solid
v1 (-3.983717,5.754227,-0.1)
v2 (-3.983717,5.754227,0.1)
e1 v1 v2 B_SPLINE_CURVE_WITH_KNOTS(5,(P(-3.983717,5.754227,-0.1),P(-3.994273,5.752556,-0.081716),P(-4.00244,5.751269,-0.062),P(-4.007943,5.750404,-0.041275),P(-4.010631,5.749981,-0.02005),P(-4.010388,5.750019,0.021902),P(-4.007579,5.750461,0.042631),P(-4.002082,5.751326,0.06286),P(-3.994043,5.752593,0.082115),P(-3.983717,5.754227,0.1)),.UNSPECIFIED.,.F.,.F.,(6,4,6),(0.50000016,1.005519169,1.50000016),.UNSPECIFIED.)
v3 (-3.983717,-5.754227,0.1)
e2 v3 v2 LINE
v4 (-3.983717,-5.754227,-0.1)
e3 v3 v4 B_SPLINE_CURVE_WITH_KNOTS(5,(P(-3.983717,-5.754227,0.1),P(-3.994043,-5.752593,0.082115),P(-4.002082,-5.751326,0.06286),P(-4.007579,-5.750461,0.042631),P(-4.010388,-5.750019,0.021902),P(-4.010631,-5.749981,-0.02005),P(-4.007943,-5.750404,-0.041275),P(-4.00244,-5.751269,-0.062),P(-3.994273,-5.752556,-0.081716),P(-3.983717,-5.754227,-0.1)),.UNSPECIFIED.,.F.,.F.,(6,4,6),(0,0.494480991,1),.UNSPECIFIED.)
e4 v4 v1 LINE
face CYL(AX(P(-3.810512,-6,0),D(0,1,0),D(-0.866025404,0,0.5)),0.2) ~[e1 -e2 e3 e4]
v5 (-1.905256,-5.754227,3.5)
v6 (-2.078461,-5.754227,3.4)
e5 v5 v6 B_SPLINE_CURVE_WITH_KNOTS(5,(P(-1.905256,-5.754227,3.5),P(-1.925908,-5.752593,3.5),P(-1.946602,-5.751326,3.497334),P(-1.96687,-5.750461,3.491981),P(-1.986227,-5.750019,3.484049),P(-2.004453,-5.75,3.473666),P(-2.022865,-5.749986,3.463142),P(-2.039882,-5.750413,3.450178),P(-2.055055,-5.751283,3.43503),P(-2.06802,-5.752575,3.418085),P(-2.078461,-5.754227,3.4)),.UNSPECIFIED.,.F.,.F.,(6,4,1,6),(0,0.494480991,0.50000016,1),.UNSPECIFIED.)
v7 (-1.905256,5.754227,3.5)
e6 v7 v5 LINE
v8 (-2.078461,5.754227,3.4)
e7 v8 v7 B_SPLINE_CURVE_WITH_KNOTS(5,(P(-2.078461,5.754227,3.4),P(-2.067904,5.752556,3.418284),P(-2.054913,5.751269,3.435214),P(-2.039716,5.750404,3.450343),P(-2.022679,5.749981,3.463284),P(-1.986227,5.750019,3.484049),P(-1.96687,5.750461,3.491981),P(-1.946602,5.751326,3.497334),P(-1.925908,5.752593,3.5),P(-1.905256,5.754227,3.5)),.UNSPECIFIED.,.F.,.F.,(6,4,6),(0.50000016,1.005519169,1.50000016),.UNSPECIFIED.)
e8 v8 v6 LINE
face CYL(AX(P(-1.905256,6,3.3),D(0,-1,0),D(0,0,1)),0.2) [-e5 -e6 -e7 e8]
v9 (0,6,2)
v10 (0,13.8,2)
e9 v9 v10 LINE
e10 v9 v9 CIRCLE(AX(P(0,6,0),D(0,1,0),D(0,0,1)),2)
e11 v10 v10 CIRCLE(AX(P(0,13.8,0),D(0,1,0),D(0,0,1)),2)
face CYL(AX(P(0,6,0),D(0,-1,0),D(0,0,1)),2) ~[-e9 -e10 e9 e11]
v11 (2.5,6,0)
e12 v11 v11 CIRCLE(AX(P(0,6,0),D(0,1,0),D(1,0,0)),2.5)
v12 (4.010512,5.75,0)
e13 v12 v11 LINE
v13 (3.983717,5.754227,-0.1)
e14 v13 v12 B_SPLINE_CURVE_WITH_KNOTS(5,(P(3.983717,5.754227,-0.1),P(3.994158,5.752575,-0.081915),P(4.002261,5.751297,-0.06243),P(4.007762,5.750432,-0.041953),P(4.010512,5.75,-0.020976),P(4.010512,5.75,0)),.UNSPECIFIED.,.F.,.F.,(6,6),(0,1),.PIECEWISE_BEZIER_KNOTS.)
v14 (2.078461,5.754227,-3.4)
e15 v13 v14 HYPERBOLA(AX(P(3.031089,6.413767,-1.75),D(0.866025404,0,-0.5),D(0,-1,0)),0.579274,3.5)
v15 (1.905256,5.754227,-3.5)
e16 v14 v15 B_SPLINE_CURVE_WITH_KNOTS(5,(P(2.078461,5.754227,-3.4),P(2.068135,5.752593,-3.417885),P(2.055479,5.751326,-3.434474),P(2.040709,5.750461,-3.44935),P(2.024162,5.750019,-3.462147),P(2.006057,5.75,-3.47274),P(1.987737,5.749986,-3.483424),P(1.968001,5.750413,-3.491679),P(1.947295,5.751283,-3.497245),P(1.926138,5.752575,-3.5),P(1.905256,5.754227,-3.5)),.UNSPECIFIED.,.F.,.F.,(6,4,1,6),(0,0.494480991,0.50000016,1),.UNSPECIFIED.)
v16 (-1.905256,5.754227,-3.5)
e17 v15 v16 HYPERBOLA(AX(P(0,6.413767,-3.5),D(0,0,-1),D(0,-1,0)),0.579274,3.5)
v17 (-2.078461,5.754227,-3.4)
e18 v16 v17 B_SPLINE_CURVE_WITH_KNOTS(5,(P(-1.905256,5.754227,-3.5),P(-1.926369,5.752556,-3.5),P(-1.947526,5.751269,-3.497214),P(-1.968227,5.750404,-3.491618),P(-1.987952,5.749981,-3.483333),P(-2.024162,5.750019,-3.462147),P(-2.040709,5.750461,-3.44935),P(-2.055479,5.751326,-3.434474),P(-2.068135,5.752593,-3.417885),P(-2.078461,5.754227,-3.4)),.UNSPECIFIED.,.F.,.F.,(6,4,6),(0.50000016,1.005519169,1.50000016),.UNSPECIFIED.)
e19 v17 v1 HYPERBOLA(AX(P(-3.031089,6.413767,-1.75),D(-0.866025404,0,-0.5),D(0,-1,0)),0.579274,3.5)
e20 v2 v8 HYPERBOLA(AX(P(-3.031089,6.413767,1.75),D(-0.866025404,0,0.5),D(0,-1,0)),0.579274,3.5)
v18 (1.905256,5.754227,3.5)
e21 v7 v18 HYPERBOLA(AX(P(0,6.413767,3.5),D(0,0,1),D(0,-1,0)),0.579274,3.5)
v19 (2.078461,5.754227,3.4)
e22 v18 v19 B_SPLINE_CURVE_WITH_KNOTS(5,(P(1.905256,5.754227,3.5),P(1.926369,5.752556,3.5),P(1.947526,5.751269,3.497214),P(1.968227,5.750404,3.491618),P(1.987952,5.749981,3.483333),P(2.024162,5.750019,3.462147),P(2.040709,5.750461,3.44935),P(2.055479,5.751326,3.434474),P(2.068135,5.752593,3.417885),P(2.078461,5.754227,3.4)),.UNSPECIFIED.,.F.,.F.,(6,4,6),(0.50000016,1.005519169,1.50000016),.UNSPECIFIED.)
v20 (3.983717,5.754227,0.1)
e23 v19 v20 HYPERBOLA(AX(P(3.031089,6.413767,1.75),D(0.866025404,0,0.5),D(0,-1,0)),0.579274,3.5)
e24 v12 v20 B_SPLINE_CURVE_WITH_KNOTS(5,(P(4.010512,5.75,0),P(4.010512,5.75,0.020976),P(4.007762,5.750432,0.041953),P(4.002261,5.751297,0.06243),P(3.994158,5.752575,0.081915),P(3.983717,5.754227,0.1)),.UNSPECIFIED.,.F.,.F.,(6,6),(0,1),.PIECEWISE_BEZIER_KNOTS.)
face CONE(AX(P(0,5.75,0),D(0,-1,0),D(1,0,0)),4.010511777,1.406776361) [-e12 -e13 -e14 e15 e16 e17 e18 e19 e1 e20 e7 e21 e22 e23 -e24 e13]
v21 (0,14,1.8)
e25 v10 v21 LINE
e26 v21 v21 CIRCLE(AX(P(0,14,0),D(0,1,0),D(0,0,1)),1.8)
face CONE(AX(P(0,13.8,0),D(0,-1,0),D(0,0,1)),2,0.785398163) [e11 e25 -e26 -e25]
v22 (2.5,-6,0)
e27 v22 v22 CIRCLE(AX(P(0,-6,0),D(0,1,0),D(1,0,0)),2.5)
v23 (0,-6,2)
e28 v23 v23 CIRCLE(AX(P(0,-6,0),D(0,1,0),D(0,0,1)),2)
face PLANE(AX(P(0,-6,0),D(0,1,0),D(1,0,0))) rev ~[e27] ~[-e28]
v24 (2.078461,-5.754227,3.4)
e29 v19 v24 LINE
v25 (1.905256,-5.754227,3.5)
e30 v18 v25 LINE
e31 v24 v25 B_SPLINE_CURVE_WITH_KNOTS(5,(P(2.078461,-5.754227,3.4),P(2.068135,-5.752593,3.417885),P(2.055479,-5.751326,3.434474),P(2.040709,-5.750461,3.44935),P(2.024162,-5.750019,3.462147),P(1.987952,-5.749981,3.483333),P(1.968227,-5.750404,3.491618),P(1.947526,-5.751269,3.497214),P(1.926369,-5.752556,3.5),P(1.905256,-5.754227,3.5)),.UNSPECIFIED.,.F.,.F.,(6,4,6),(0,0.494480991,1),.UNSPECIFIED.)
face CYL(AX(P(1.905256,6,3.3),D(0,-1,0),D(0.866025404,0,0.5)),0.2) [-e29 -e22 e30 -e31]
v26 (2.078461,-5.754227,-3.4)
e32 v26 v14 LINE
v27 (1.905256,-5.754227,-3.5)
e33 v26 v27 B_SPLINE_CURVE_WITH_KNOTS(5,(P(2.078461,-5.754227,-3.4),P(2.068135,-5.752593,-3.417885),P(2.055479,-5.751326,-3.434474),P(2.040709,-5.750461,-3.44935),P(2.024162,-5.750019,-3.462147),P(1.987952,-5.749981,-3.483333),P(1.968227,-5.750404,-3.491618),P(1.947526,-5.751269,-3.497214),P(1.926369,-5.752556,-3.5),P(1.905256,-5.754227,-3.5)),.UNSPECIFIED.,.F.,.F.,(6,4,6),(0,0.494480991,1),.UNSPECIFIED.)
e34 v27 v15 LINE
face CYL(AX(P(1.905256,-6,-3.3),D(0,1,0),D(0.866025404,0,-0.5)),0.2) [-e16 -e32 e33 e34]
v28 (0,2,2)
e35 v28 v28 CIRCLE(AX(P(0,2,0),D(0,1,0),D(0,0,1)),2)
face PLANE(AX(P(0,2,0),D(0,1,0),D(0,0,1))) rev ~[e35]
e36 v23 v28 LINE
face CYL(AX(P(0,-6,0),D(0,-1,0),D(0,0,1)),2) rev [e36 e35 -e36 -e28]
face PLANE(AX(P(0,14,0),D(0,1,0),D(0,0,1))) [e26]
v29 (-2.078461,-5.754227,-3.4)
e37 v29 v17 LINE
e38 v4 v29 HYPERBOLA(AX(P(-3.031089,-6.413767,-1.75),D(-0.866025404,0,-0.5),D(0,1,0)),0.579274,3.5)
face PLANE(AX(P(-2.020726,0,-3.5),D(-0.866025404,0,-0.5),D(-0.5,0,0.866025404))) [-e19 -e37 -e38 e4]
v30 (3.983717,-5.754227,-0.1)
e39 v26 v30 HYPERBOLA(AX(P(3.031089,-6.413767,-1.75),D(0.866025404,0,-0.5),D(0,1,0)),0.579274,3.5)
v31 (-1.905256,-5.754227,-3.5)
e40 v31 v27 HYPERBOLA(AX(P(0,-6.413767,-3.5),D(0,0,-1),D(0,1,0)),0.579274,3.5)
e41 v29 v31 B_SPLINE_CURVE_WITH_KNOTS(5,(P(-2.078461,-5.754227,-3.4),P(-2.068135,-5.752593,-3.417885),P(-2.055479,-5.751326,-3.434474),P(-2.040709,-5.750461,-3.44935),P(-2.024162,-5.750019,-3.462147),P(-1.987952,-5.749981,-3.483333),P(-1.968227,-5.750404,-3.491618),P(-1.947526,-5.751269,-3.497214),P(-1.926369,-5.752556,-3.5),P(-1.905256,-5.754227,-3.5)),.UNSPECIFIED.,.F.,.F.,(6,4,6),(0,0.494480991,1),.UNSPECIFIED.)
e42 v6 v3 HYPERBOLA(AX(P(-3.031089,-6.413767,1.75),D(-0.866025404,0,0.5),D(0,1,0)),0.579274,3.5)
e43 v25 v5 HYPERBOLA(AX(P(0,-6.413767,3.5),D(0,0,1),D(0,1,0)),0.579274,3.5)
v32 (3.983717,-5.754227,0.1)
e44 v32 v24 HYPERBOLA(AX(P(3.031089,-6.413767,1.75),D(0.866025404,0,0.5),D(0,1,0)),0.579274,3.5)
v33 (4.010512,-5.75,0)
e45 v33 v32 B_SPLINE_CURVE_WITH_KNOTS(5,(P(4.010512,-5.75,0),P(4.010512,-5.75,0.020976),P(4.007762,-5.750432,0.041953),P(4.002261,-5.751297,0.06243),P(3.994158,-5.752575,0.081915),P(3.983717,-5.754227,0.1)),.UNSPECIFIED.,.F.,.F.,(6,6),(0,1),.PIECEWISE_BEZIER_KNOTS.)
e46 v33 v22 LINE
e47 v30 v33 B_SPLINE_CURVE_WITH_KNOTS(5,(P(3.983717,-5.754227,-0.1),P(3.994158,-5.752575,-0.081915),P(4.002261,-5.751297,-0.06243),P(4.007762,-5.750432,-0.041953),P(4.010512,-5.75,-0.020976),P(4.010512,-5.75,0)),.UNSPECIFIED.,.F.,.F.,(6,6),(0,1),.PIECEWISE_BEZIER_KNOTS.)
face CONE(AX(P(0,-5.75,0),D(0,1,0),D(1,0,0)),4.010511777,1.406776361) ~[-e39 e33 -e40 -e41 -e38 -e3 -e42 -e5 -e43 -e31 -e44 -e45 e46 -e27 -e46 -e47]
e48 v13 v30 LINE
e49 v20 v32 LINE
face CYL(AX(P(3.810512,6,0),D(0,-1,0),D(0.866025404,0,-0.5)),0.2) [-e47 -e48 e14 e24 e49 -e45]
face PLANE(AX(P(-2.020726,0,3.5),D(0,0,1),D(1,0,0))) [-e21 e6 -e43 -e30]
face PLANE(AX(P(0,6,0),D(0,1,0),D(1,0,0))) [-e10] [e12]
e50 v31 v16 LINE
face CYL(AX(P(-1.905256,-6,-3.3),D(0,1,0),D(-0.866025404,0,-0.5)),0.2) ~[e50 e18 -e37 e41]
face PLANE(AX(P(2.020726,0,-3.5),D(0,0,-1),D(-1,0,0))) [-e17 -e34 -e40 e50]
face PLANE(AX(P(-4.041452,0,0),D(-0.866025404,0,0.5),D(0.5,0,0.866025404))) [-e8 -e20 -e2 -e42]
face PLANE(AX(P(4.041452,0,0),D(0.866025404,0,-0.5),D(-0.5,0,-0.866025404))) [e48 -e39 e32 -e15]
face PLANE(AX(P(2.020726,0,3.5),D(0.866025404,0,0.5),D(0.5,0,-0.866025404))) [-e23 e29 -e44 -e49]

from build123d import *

# Parameters (mm, degrees)
EXTRUDE_1_DEPTH     = 6
FILLET_1_R          = 0.2
SKETCH_3_R          = 2
CUT_EXTRUDE_1_DEPTH = 8
SKETCH_5_R          = 2
EXTRUDE_2_DEPTH     = 8
CHAMFER_1_SIZE      = 0.2


with BuildPart() as part:
    # 草图1 → 凸台-拉伸1 (new, symmetric)
    with BuildSketch(Plane(origin=(0, 0, 0), x_dir=(1, 0, 0), z_dir=(0, 1, 0))):
        Polygon((4.041451884, 0), (2.020725942, 3.5), (-2.020725942, 3.5), (-4.041451884, 0), (-2.020725942, -3.5), (2.020725942, -3.5), align=None)
    extrude(amount=EXTRUDE_1_DEPTH, both=True)

    # 圆角1
    fillet_1_edges = [part.edges().sort_by_distance(p)[0] for p in [
        (2.020725942, 0, 3.5),
        (-2.020725942, 0, 3.5),
        (-4.041451884, 0, 0),
        (-2.020725942, 0, -3.5),
        (2.020725942, 0, -3.5),
        (4.041451884, 0, 0),
    ]]
    fillet(fillet_1_edges, radius=FILLET_1_R)

    # 草图3 → 切除-拉伸1 (cut)
    with BuildSketch(Plane(origin=(0, -6, 0), x_dir=(1, 0, 0), z_dir=(0, 1, 0))):
        with Locations(Location((0, 0, 0), (0, 0, 270))):
            Circle(SKETCH_3_R)
    extrude(amount=CUT_EXTRUDE_1_DEPTH, mode=Mode.SUBTRACT)

    # 草图4 → 切除-旋转1 (revolve, cut)
    with BuildSketch(Plane.XY, mode=Mode.PRIVATE) as cut_revolve_1_sk:
        Polygon((-4.010511777, 6), (-4.010511777, 5.75), (-2.5, 6), align=None)
    cut_revolve_1 = revolve(cut_revolve_1_sk.sketch.rotate(Axis((0, 0, 0), (0, 1, 0)), 180), axis=Axis((0, 0, 0), (0, 1, 0)), mode=Mode.SUBTRACT)

    # 镜向1: 切除-旋转1 across plane
    add(cut_revolve_1.mirror(Plane.ZX), mode=Mode.SUBTRACT)

    # 草图5 → 凸台-拉伸2 (add)
    with BuildSketch(Plane(origin=(0, 6, 0), x_dir=(1, 0, 0), z_dir=(0, 1, 0))):
        with Locations(Location((0, 0, 0), (0, 0, 270))):
            Circle(SKETCH_5_R)
    extrude(amount=EXTRUDE_2_DEPTH)

    # 倒角1
    chamfer_1_edges = [part.edges().sort_by_distance(p)[0] for p in [
        (0, 14, -2),
    ]]
    chamfer(chamfer_1_edges, length=CHAMFER_1_SIZE)


solid = part.part
